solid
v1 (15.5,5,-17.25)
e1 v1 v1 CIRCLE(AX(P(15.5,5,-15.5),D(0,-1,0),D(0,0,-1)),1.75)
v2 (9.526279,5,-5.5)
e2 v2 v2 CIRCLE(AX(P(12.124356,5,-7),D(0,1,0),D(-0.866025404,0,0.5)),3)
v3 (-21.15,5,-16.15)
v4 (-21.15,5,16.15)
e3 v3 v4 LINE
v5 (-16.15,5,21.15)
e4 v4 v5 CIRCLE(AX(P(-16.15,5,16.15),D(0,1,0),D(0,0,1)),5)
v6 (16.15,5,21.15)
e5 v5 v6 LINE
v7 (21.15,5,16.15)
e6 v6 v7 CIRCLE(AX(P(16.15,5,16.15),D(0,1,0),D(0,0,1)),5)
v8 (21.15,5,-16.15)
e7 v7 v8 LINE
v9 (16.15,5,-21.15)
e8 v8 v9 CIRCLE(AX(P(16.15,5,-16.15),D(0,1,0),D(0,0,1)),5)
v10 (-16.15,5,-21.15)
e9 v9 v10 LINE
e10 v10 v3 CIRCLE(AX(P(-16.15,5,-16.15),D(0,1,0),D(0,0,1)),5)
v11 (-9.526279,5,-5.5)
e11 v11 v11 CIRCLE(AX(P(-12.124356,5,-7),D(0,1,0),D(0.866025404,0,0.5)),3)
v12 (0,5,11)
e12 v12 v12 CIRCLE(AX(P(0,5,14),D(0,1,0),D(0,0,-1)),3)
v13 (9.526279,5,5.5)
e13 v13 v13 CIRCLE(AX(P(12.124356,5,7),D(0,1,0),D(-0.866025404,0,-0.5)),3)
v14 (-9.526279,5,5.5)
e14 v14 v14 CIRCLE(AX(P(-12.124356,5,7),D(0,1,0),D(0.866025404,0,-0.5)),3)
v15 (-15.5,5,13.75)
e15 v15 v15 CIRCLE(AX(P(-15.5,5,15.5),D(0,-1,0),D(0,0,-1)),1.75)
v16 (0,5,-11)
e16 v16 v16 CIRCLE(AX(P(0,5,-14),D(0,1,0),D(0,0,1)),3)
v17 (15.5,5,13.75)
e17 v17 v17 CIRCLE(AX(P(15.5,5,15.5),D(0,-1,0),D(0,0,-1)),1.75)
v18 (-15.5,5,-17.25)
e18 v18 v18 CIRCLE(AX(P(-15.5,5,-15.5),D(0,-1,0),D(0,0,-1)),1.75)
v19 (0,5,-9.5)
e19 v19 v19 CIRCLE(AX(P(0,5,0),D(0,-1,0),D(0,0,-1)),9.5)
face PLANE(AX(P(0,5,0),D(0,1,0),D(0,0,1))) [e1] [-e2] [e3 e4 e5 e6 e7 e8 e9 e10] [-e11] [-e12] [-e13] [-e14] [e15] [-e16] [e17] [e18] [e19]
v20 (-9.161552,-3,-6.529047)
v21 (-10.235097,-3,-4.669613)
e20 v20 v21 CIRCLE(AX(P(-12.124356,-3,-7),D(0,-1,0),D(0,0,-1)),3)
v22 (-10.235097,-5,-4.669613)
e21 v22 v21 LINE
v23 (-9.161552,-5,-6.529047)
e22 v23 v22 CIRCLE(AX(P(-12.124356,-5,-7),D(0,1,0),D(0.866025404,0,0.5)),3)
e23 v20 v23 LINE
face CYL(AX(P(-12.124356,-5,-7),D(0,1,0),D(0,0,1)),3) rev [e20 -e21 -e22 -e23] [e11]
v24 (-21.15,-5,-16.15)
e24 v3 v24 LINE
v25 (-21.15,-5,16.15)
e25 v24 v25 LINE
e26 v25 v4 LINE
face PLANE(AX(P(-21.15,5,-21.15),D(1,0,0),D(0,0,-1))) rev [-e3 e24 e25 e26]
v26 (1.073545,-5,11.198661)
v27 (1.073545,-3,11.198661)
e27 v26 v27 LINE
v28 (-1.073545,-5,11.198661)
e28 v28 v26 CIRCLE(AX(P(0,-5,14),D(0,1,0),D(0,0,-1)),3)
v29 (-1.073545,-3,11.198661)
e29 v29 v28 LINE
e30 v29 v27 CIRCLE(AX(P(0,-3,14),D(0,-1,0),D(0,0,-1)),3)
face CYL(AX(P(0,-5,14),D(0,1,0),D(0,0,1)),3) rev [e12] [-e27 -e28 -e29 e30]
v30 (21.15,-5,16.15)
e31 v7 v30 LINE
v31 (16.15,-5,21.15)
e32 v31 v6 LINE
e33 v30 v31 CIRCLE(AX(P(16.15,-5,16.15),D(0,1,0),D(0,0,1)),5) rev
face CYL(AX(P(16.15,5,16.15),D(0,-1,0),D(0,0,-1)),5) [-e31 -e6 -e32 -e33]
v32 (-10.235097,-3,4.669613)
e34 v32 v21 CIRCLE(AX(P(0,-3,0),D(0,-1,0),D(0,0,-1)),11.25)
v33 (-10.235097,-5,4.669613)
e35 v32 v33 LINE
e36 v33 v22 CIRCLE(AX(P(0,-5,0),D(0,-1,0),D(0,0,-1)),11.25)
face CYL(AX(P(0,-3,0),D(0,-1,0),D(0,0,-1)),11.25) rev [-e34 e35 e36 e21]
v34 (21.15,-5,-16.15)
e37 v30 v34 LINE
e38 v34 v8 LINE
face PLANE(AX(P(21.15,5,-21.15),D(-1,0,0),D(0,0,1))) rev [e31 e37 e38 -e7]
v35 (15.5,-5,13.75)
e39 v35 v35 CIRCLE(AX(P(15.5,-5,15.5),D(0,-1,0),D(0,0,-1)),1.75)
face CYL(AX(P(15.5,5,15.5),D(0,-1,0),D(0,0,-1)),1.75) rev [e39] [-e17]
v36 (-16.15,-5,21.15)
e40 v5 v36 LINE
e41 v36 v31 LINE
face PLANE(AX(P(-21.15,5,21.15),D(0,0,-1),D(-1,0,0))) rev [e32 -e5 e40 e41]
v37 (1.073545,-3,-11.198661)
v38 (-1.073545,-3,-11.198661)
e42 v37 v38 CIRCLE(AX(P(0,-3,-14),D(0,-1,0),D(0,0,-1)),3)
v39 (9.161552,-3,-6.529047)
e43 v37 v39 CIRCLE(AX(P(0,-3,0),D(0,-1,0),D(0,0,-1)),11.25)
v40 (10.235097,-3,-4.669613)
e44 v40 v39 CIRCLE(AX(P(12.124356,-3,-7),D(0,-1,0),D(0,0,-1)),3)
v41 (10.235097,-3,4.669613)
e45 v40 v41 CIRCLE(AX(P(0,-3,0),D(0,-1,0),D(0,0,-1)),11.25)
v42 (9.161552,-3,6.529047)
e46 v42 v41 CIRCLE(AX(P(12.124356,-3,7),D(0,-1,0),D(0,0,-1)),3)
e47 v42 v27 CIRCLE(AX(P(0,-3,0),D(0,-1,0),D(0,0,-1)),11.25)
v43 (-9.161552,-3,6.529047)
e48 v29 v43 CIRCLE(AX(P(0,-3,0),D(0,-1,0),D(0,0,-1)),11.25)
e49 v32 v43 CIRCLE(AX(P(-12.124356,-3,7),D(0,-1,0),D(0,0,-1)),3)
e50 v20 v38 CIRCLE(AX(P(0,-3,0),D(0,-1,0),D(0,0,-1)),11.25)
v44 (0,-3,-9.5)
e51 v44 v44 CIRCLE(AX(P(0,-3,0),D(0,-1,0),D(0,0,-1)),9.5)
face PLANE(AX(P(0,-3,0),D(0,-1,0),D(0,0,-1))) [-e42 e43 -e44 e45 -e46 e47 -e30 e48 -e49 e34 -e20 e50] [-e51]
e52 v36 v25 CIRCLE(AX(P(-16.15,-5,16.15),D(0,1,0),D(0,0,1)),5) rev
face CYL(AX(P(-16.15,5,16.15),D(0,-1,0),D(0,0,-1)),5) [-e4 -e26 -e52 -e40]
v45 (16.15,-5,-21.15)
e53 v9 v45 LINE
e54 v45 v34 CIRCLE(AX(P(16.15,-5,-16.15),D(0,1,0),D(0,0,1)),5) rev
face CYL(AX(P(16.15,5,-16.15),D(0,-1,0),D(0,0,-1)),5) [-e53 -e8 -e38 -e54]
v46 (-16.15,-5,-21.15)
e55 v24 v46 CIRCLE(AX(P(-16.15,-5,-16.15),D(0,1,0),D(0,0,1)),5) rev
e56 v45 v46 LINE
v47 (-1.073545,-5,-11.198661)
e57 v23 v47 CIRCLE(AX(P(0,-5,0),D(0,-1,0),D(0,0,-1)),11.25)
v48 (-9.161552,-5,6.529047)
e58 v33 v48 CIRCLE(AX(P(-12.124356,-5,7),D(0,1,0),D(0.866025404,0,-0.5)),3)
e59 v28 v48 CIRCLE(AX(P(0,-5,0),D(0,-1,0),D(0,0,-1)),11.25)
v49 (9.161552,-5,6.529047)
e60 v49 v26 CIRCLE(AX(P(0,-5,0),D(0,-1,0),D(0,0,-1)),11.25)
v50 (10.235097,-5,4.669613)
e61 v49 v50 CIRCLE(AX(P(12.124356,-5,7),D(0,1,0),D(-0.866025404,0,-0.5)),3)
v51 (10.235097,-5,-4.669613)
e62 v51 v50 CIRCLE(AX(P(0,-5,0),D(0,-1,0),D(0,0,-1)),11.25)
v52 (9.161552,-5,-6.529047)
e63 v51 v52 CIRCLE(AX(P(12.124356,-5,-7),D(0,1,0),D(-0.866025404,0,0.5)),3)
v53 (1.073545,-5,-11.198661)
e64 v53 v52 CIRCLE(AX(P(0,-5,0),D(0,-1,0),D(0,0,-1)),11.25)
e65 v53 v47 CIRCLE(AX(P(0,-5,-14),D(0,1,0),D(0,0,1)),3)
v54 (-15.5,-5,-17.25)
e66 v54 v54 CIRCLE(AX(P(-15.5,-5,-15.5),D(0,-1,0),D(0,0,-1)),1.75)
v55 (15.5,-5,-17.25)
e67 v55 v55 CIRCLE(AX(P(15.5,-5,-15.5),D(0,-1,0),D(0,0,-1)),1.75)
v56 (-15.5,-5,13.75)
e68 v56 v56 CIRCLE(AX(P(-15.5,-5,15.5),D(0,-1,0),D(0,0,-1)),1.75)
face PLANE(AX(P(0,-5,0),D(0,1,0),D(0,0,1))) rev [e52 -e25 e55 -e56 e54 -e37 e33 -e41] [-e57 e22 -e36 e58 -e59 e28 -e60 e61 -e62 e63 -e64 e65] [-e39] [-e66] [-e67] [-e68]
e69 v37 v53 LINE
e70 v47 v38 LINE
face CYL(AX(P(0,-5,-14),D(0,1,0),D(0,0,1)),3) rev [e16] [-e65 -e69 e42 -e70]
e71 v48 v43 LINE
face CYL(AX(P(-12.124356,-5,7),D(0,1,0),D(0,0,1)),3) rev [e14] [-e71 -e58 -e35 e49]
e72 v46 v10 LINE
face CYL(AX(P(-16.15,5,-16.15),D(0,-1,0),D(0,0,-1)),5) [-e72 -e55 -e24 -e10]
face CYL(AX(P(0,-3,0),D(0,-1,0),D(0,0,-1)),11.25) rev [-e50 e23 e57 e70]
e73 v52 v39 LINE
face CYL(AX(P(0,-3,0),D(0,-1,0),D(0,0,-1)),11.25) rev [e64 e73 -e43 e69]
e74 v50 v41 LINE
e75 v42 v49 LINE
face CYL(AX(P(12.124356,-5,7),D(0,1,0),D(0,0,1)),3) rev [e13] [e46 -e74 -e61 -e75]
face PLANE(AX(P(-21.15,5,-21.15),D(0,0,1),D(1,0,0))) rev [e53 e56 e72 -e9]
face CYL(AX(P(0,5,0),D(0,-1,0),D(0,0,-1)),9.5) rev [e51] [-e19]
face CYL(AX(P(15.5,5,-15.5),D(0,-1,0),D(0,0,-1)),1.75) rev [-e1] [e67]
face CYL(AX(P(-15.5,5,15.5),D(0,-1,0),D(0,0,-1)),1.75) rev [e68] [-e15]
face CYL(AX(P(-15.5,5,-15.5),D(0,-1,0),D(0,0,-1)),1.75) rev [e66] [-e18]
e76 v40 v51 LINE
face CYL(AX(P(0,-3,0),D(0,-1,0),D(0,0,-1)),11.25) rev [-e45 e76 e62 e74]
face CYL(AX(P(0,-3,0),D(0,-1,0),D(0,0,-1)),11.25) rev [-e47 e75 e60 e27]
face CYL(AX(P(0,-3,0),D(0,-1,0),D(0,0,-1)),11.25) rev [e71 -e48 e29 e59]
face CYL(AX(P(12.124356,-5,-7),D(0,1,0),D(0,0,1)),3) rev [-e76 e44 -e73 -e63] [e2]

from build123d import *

# Parameters (mm, degrees)
SKETCH1_W           = 42.3
SKETCH1_H           = 42.3
BOSS_EXTRUDE1_DEPTH = 5
FILLET1_R           = 5
SKETCH2_R           = 1.75
CUT_EXTRUDE1_DEPTH  = 32.537992961
SKETCH3_R           = 11.25
CUT_EXTRUDE2_DEPTH  = 2
SKETCH4_R           = 9.5
CUT_EXTRUDE3_DEPTH  = 31.96199283
SKETCH5_R           = 3
CUT_EXTRUDE4_DEPTH  = 32.537992961
CIRPATTERN1_COUNT   = 6


with BuildPart() as part:
    # Sketch1 → Boss-Extrude1 (new, symmetric)
    with BuildSketch(Plane(origin=(0, 0, 0), x_dir=(1, 0, 0), z_dir=(0, 1, 0))):
        Rectangle(SKETCH1_W, SKETCH1_H)
    extrude(amount=BOSS_EXTRUDE1_DEPTH, both=True)

    # Fillet1
    fillet1_edges = [part.edges().sort_by_distance(p)[0] for p in [
        (21.15, 0, 21.15),
        (-21.15, 0, 21.15),
        (-21.15, 0, -21.15),
        (21.15, 0, -21.15),
    ]]
    fillet(fillet1_edges, radius=FILLET1_R)

    # Sketch2 → Cut-Extrude1 (cut, through all)
    with BuildSketch(Plane.XZ.offset(5)):
        with Locations(Location((-15.5, 15.5, 0), (0, 0, 270))):
            Circle(SKETCH2_R)
        with Locations(Location((15.5, 15.5, 0), (0, 0, 270))):
            Circle(SKETCH2_R)
        with Locations(Location((15.5, -15.5, 0), (0, 0, 270))):
            Circle(SKETCH2_R)
        with Locations(Location((-15.5, -15.5, 0), (0, 0, 270))):
            Circle(SKETCH2_R)
    extrude(amount=-CUT_EXTRUDE1_DEPTH, mode=Mode.SUBTRACT)

    # Sketch3 → Cut-Extrude2 (cut)
    with BuildSketch(Plane.XZ.offset(5)):
        with Locations(Location((0, 0, 0), (0, 0, 270))):
            Circle(SKETCH3_R)
    extrude(amount=-CUT_EXTRUDE2_DEPTH, mode=Mode.SUBTRACT)

    # Sketch4 → Cut-Extrude3 (cut, through all)
    with BuildSketch(Plane.XZ.offset(3)):
        with Locations(Location((0, 0, 0), (0, 0, 270))):
            Circle(SKETCH4_R)
    extrude(amount=-CUT_EXTRUDE3_DEPTH, mode=Mode.SUBTRACT)

    # Sketch5 → Cut-Extrude4 (cut, through all)
    with BuildSketch(Plane(origin=(0, 5, 0), x_dir=(1, 0, 0), z_dir=(0, 1, 0))):
        with Locations(Location((0, 14, 0), (0, 0, 270))):
            Circle(SKETCH5_R)
    cut_extrude4 = extrude(amount=-CUT_EXTRUDE4_DEPTH, mode=Mode.SUBTRACT)

    # CirPattern1: Cut-Extrude4 ×6 about axis
    cirpattern1_axis = Axis((0, 0, 0), (0, 1, 0))
    for i in range(1, CIRPATTERN1_COUNT):
        add(cut_extrude4.rotate(cirpattern1_axis, i * 360 / CIRPATTERN1_COUNT), mode=Mode.SUBTRACT)


solid = part.part
